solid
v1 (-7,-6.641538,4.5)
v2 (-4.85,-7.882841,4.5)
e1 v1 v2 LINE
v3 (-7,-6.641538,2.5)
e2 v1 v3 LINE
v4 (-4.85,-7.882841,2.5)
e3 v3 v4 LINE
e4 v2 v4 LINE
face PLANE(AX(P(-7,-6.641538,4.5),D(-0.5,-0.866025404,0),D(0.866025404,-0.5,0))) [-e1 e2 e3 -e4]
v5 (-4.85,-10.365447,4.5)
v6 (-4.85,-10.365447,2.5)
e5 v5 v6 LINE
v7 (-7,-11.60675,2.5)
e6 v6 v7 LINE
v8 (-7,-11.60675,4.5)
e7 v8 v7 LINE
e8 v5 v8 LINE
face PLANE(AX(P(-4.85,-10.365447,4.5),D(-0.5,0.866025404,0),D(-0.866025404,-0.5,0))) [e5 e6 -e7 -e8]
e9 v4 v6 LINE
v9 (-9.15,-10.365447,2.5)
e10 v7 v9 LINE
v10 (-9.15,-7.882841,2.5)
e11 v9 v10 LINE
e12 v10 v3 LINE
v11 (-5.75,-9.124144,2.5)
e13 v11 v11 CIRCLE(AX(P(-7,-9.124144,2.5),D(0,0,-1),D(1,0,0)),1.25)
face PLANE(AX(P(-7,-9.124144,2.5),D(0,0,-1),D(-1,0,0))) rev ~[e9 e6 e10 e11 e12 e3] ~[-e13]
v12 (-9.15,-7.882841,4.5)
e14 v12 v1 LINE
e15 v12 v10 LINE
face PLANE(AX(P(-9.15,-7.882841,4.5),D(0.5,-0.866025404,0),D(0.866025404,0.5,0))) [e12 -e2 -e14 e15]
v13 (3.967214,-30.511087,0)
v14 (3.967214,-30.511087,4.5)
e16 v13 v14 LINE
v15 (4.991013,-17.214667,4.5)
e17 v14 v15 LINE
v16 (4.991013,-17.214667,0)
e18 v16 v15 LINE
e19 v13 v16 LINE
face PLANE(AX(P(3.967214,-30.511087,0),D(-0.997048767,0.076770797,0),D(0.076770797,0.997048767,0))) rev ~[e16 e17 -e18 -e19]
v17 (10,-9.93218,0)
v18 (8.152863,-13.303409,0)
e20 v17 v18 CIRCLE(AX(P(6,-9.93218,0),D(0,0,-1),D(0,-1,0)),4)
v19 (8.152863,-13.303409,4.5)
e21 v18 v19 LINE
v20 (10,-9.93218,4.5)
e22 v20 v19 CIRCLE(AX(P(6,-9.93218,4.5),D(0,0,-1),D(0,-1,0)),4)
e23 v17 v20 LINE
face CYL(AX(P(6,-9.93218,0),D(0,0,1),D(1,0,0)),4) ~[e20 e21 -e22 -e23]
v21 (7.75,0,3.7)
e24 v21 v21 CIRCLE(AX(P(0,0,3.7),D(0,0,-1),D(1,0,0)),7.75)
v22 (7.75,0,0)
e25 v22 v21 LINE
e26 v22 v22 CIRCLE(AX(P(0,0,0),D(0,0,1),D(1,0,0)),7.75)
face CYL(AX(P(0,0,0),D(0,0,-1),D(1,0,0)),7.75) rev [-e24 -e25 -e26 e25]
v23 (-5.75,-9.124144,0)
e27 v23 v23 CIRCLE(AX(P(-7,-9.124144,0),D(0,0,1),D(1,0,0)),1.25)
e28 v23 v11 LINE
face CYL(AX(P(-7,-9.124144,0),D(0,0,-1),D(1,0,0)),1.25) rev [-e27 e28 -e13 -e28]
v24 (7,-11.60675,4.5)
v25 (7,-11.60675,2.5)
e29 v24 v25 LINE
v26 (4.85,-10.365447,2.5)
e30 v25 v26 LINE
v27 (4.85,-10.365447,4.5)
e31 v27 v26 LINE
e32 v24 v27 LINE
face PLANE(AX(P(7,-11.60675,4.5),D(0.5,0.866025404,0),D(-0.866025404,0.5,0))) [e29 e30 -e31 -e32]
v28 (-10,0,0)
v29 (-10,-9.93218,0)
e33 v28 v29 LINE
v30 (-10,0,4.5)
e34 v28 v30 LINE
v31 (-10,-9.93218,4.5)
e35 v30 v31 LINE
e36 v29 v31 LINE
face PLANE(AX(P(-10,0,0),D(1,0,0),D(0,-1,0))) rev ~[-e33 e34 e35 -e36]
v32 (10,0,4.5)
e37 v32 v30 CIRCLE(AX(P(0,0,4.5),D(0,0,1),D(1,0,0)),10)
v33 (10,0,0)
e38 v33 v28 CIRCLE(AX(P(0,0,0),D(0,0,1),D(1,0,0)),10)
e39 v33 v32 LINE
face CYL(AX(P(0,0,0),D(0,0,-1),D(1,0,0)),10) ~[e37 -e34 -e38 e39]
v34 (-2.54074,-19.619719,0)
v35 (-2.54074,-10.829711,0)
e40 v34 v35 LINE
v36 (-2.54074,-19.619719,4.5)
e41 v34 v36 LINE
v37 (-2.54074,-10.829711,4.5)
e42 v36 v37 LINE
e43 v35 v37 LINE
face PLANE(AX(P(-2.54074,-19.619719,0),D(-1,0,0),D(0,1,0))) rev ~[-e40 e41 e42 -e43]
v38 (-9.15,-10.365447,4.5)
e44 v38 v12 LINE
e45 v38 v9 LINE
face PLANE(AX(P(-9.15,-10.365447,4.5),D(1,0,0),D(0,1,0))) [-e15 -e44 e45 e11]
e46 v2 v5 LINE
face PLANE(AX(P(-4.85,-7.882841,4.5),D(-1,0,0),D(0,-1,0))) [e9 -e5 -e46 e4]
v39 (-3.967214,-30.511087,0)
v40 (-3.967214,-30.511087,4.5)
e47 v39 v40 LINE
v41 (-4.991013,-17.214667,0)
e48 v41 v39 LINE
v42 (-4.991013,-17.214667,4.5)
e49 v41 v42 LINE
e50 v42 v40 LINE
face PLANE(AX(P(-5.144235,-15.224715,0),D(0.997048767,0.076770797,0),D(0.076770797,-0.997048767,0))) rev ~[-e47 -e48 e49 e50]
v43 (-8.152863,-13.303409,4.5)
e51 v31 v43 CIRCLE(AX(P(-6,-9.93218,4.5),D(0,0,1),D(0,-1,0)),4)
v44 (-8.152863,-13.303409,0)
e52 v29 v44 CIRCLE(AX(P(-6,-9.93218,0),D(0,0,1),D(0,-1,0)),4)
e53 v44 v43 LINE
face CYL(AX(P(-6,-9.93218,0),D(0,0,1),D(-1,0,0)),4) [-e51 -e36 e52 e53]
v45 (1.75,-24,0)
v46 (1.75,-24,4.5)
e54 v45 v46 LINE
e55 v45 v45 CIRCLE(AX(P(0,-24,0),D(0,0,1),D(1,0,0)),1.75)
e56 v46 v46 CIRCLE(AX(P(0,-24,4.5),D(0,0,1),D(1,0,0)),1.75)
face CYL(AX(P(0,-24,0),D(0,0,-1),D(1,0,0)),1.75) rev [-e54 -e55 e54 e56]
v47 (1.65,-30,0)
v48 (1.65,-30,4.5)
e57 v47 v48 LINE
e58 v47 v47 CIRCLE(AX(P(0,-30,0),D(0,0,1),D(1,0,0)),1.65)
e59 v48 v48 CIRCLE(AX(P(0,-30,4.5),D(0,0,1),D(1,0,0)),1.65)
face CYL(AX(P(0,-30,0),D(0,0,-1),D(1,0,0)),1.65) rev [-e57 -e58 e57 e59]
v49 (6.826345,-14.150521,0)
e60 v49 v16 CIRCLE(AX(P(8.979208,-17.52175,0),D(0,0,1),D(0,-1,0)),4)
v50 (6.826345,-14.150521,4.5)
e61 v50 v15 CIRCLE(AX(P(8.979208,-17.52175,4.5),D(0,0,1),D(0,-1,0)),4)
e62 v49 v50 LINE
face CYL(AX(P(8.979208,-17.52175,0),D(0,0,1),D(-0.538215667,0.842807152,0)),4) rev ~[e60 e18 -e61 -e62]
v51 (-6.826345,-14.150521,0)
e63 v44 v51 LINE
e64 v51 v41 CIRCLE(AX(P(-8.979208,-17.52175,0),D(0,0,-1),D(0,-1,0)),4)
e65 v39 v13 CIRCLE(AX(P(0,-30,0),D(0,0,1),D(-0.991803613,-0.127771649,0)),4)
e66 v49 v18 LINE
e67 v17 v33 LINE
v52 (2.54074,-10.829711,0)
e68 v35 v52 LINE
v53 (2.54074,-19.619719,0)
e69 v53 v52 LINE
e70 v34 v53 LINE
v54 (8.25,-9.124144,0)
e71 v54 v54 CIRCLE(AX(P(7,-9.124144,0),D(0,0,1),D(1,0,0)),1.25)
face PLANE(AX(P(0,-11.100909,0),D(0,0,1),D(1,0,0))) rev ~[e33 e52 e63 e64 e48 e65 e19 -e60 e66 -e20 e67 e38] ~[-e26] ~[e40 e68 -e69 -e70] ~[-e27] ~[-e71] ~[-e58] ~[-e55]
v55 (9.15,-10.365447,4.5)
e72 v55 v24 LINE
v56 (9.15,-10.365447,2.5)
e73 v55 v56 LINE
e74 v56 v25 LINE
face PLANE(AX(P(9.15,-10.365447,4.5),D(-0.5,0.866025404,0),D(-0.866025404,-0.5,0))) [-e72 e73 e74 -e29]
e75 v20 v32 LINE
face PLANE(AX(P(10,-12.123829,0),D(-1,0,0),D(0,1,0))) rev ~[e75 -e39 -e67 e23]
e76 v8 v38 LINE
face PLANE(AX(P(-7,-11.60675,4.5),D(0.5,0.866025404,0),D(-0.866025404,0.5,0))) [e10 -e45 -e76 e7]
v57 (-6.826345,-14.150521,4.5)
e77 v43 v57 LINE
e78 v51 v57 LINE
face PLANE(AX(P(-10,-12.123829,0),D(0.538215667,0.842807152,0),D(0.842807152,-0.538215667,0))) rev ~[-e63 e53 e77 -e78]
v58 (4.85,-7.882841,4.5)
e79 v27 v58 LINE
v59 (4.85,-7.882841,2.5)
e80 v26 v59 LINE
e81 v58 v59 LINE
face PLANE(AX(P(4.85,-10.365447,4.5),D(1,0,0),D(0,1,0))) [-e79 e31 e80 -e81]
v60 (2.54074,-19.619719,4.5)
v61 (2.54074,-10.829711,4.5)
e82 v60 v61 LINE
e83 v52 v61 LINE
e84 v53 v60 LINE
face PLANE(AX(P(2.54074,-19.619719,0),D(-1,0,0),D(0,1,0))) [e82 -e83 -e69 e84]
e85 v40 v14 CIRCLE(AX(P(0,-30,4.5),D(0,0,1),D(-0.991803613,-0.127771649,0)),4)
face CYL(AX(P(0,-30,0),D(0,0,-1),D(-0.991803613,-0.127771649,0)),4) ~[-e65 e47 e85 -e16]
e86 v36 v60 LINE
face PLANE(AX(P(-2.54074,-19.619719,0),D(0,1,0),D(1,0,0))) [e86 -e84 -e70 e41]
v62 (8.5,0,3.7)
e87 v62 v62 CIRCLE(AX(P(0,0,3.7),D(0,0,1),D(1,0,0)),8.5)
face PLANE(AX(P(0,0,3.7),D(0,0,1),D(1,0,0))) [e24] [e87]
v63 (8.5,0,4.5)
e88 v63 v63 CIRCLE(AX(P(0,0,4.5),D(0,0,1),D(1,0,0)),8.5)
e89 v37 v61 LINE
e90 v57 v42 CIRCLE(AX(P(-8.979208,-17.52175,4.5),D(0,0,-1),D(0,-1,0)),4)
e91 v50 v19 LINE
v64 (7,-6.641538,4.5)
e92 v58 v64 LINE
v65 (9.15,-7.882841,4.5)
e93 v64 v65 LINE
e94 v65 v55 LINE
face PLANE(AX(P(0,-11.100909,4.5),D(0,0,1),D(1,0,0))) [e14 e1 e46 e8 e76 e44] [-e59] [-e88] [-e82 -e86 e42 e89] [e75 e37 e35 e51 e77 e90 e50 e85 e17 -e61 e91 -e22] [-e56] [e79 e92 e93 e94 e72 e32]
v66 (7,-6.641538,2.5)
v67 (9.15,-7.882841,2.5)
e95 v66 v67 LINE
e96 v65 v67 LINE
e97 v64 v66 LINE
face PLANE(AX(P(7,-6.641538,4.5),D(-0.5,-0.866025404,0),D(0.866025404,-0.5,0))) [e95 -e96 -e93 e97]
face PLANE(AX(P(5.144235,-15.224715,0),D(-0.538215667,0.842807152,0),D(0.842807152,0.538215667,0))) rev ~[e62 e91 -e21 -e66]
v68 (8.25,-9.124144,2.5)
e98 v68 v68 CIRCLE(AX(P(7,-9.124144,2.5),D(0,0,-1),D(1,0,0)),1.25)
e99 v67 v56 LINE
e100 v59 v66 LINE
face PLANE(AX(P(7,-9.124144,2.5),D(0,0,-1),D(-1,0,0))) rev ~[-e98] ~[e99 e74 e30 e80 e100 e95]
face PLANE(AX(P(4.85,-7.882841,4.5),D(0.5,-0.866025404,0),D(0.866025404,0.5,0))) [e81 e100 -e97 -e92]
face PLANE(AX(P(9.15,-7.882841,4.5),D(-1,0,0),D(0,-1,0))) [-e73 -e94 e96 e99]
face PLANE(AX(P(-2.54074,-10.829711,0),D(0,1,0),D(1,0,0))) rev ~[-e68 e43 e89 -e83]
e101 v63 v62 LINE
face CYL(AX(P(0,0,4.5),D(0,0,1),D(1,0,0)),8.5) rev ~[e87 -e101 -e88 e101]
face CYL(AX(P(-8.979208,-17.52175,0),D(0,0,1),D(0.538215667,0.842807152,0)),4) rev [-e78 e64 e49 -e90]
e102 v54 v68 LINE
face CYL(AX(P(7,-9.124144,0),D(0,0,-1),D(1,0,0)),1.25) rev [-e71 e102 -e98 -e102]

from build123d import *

# Parameters (mm, degrees)
SKETCH_1_R          = 7.75
SKETCH_1_R_2        = 1.25
SKETCH_1_R_3        = 1.65
SKETCH_1_R_4        = 1.75
SKETCH_1_W          = 5.081480492
SKETCH_1_H          = 8.790007362
EXTRUDE_1_DEPTH     = 4.5
SKETCH_2_R          = 8.5
CUT_EXTRUDE_1_DEPTH = 0.8
FILLET_1_R          = 4
CUT_EXTRUDE_2_DEPTH = 2


with BuildPart() as part:
    # 草图1 → 凸台-拉伸1 (new body)
    with BuildSketch(Plane.XY):
        with BuildLine():
            Line((-10, 0), (-10, -12.123829059))
            Line((-10, -12.123829059), (-5.144235045, -15.224714909))
            Line((-5.144235045, -15.224714909), (-3.96721445, -30.511086595))
            ThreePointArc((-3.96721445, -30.511086595), (0, -34), (3.96721445, -30.511086595))
            Line((3.96721445, -30.511086595), (5.144235045, -15.224714909))
            Line((5.144235045, -15.224714909), (10, -12.123829059))
            Line((10, -12.123829059), (10, 0))
            ThreePointArc((10, 0), (0, 10), (-10, 0))
        make_face()
        Circle(SKETCH_1_R, mode=Mode.SUBTRACT)
        with Locations((-7, -9.124143795)):
            Circle(SKETCH_1_R_2, mode=Mode.SUBTRACT)
        with Locations((7, -9.124143795)):
            Circle(SKETCH_1_R_2, mode=Mode.SUBTRACT)
        with Locations((0, -30)):
            Circle(SKETCH_1_R_3, mode=Mode.SUBTRACT)
        with Locations((0, -24)):
            Circle(SKETCH_1_R_4, mode=Mode.SUBTRACT)
        with Locations((0, -15.224714909)):
            Rectangle(SKETCH_1_W, SKETCH_1_H, mode=Mode.SUBTRACT)
    extrude(amount=EXTRUDE_1_DEPTH)

    # 草图2 → 切除-拉伸1 (cut)
    with BuildSketch(Plane.XY.offset(4.5)):
        Circle(SKETCH_2_R)
    extrude(amount=-CUT_EXTRUDE_1_DEPTH, mode=Mode.SUBTRACT)

    # 圆角1
    fillet_1_edges = [part.edges().sort_by_distance(p)[0] for p in [
        (-5.144235045, -15.224714909, 2.25),
        (-10, -12.123829059, 2.25),
        (10, -12.123829059, 2.25),
        (5.144235045, -15.224714909, 2.25),
    ]]
    fillet(fillet_1_edges, radius=FILLET_1_R)

    # 草图3 → 切除-拉伸2 (cut)
    with BuildSketch(Plane.XY.offset(4.5)):
        Polygon((7, -6.641537638), (9.15, -7.882840717), (9.15, -10.365446874), (7, -11.606749953), (4.85, -10.365446874), (4.85, -7.882840717), align=None)
        Polygon((-7, -6.641537638), (-4.85, -7.882840717), (-4.85, -10.365446874), (-7, -11.606749953), (-9.15, -10.365446874), (-9.15, -7.882840717), align=None)
    extrude(amount=-CUT_EXTRUDE_2_DEPTH, mode=Mode.SUBTRACT)


solid = part.part
